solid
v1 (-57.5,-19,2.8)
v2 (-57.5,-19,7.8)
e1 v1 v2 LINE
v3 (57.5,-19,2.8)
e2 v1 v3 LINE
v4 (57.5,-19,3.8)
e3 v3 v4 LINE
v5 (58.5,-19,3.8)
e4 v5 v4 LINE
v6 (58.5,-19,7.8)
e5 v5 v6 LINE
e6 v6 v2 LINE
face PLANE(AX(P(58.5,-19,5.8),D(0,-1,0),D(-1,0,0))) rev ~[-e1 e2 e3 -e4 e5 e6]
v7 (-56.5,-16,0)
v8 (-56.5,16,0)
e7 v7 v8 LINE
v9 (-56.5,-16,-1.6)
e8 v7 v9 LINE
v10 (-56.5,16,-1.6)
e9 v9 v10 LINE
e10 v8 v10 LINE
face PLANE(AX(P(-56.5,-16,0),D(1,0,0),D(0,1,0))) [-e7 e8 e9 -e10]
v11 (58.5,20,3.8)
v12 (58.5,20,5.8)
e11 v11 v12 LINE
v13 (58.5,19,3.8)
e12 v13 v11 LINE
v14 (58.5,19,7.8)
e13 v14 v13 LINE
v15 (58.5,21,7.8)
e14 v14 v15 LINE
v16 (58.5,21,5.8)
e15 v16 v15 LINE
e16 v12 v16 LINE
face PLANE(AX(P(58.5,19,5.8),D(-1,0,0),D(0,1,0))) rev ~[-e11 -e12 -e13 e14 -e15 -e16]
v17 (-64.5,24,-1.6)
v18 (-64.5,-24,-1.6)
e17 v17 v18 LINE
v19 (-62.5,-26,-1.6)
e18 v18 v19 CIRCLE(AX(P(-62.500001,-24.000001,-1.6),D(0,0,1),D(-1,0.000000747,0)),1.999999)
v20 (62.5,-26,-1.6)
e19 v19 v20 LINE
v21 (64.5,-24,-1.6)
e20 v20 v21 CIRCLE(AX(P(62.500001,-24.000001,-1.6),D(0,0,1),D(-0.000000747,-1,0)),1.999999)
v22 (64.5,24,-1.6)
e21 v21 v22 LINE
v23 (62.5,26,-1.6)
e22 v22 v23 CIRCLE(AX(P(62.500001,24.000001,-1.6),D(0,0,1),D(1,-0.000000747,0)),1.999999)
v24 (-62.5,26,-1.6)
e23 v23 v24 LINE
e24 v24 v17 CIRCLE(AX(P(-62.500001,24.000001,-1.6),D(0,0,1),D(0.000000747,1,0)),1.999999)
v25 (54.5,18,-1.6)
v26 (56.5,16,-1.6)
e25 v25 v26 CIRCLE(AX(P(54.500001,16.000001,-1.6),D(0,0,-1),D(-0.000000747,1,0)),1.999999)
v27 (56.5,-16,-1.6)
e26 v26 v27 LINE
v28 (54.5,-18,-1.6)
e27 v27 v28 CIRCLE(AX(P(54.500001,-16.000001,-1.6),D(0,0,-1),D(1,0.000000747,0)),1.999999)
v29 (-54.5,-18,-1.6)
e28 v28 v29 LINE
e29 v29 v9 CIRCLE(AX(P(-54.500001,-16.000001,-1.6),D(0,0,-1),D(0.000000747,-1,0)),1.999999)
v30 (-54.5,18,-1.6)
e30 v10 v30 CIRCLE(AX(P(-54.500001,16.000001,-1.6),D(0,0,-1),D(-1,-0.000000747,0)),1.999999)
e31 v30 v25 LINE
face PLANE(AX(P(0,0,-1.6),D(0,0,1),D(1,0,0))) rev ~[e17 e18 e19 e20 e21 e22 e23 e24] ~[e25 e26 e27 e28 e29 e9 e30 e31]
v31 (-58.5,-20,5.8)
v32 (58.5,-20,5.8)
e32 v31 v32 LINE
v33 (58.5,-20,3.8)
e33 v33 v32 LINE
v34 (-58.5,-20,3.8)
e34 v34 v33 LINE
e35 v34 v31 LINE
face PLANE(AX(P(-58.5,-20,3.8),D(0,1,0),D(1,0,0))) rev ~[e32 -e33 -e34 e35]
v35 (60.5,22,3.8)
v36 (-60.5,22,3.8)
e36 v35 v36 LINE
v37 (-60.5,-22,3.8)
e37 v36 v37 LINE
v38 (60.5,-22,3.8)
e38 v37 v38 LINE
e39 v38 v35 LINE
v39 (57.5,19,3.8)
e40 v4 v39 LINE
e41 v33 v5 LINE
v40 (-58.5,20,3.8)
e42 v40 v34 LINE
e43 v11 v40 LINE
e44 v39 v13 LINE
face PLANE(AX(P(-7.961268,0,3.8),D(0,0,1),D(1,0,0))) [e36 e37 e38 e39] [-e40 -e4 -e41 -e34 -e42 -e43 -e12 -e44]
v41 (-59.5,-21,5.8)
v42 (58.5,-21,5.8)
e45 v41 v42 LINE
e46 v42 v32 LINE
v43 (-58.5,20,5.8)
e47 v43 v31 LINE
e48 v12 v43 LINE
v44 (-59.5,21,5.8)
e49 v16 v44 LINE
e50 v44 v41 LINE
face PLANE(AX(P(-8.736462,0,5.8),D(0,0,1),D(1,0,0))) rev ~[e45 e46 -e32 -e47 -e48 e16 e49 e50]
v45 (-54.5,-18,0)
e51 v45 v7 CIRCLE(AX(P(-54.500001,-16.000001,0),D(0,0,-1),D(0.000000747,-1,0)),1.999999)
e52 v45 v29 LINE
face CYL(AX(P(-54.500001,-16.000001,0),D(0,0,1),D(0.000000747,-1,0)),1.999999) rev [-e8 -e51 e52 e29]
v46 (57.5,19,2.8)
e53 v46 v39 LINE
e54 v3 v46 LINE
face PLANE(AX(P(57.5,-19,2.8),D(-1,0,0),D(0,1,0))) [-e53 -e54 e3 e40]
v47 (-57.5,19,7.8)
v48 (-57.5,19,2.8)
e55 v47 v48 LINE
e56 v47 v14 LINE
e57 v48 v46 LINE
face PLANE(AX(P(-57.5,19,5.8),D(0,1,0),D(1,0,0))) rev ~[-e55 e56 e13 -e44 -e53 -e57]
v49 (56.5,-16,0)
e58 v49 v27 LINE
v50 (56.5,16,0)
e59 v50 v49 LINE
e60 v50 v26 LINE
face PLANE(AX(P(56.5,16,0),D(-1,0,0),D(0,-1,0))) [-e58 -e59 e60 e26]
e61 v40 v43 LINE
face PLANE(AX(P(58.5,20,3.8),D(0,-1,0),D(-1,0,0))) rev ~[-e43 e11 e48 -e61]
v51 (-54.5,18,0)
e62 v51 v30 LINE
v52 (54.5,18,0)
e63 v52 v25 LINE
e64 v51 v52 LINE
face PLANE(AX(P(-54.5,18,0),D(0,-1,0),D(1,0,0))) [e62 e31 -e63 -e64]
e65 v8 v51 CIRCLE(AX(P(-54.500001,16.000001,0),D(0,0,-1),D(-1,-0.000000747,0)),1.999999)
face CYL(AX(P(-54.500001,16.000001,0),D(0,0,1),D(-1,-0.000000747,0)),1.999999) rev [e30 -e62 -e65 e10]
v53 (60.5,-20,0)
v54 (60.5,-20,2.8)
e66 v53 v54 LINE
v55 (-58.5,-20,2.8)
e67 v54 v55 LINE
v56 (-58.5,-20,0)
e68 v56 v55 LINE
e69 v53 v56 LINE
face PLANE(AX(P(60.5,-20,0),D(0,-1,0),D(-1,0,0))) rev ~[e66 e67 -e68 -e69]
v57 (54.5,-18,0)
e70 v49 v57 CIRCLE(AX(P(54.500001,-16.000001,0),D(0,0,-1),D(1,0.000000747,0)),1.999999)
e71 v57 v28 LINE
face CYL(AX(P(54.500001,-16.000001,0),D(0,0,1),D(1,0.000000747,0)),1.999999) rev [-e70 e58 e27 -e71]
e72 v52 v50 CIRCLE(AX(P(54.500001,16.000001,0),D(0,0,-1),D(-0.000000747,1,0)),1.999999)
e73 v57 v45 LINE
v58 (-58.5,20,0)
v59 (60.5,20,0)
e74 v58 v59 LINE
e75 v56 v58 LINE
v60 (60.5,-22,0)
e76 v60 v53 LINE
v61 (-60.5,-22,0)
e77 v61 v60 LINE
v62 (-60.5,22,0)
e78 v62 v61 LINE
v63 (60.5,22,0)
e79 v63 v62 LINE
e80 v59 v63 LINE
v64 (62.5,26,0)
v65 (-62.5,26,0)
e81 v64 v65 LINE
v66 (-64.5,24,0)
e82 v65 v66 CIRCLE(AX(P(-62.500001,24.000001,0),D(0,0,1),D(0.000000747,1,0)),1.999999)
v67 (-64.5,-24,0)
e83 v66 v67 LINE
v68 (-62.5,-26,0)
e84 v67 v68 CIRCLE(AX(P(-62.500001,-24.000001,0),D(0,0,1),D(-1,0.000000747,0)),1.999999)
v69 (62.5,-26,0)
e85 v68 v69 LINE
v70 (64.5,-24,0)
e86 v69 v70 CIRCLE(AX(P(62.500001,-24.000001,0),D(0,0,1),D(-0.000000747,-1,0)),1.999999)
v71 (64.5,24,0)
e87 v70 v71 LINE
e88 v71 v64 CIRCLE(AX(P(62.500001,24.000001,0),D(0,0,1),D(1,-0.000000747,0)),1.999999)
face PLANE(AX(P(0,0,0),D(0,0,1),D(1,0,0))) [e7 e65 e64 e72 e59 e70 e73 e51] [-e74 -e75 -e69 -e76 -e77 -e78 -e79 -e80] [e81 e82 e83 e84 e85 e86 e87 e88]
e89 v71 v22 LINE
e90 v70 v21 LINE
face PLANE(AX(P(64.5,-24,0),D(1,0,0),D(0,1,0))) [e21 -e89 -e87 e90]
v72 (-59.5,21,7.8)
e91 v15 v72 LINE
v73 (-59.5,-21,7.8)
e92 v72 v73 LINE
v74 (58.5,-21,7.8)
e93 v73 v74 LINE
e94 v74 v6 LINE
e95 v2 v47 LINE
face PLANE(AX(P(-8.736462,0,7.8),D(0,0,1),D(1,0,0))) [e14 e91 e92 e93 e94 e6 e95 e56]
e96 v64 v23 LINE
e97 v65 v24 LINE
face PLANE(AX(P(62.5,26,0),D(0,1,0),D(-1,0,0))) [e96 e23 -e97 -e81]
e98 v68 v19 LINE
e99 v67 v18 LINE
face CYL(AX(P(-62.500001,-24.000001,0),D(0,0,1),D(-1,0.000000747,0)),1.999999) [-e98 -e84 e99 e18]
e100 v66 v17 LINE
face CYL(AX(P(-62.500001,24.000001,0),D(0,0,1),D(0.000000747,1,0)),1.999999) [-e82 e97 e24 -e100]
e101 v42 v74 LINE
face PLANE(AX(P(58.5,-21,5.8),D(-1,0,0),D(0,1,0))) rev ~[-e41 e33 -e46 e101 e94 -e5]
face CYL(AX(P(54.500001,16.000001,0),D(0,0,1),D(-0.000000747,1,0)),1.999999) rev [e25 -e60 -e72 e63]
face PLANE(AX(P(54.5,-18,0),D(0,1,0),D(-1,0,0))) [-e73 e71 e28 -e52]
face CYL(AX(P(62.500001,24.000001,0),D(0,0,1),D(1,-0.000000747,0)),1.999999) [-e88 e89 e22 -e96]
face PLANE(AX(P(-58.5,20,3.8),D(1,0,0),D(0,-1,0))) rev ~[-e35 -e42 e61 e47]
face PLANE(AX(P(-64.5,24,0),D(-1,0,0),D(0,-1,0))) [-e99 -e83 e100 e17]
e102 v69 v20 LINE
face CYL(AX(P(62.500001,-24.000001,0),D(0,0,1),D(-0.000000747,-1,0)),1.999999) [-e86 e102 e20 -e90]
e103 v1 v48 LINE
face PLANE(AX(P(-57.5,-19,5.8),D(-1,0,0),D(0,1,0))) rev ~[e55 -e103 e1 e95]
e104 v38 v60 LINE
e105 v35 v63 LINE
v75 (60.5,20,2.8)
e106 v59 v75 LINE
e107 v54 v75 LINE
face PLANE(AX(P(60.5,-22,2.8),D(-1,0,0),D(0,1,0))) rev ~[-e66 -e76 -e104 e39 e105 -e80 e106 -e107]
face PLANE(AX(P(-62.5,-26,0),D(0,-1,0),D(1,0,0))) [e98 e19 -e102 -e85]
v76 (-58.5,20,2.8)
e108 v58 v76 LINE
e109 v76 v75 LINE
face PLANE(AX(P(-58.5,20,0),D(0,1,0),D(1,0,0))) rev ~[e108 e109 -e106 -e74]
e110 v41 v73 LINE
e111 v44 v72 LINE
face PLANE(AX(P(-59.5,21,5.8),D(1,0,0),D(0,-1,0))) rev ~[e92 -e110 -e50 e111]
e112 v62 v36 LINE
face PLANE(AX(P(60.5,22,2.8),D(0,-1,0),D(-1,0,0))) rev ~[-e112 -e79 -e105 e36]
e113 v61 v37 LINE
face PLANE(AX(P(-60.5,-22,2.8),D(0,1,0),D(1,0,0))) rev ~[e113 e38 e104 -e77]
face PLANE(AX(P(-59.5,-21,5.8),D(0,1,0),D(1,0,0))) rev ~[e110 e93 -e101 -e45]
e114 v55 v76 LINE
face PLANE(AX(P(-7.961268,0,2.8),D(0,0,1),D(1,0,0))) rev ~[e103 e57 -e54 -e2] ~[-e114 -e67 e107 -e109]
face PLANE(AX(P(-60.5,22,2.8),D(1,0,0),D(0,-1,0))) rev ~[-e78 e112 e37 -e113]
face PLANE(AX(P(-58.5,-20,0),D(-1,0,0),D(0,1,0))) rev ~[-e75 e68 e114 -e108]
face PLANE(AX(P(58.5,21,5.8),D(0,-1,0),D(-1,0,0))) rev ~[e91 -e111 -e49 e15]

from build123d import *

# Parameters (mm, degrees)
F0_W     = 117
F0_H     = 40
F0_W_2   = 2
F1_DEPTH = 1.6
F2_DEPTH = 2.8
F3_W     = 119
F3_H     = 40
F3_W_2   = 115
F3_H_2   = 38
F4_DEPTH = 1
F6_DEPTH = 2
F8_DEPTH = 2


with BuildPart() as f1:
    # F0 (on Top) → F1 (new body)
    with BuildSketch(Plane.XY):
        with BuildLine():
            Line((62.5, 26), (-62.5, 26))
            ThreePointArc((-62.5, 26), (-63.914214, 25.414214), (-64.5, 24))
            Line((-64.5, 24), (-64.5, -24))
            ThreePointArc((-64.5, -24), (-63.914214, -25.414214), (-62.5, -26))
            Line((-62.5, -26), (62.5, -26))
            ThreePointArc((62.5, -26), (63.914214, -25.414214), (64.5, -24))
            Line((64.5, -24), (64.5, 24))
            ThreePointArc((64.5, 24), (63.914214, 25.414214), (62.5, 26))
        make_face()
        Polygon((60.5, 22), (60.5, 20), (60.5, -20), (60.5, -22), (-60.5, -22), (-60.5, 22), align=None, mode=Mode.SUBTRACT)
        Polygon((-58.5, -20), (-58.5, 20), (58.5, 20), (60.5, 20), (60.5, 22), (-60.5, 22), (-60.5, -22), (60.5, -22), (60.5, -20), (58.5, -20), align=None)
        Rectangle(F0_W, F0_H)
        with BuildLine():
            ThreePointArc((-56.5, 16), (-55.914214, 17.414214), (-54.5, 18))
            Line((-54.5, 18), (54.5, 18))
            ThreePointArc((54.5, 18), (55.914214, 17.414214), (56.5, 16))
            Line((56.5, 16), (56.5, -16))
            ThreePointArc((56.5, -16), (55.914214, -17.414214), (54.5, -18))
            Line((54.5, -18), (-54.5, -18))
            ThreePointArc((-54.5, -18), (-55.914214, -17.414214), (-56.5, -16))
            Line((-56.5, -16), (-56.5, 16))
        make_face(mode=Mode.SUBTRACT)
        with Locations((59.5, 0)):
            Rectangle(F0_W_2, F0_H)
    extrude(amount=-F1_DEPTH)

    # F0 (on Top) → F2 (join)
    with BuildSketch(Plane.XY):
        Polygon((-58.5, -20), (-58.5, 20), (58.5, 20), (60.5, 20), (60.5, 22), (-60.5, 22), (-60.5, -22), (60.5, -22), (60.5, -20), (58.5, -20), align=None)
    extrude(amount=F2_DEPTH)

    # F3 (on face) → F4 (join)
    with BuildSketch(Plane.XY.offset(2.8)):
        Polygon((60.5, 22), (-60.5, 22), (-60.5, -22), (60.5, -22), (60.5, -20), (-58.5, -20), (-58.5, 20), (60.5, 20), align=None)
        with Locations((1, 0)):
            Rectangle(F3_W, F3_H)
        Rectangle(F3_W_2, F3_H_2, mode=Mode.SUBTRACT)
    extrude(amount=F4_DEPTH)

    # F5 (on face) → F6 (join)
    with BuildSketch(Plane.XY.offset(3.8)):
        Polygon((-57.5, -19), (-57.5, 19), (57.5, 19), (58.5, 19), (58.5, 20), (-58.5, 20), (-58.5, -20), (58.5, -20), (58.5, -19), (57.5, -19), align=None)
    extrude(amount=F6_DEPTH)

    # F7 (on face) → F8 (join)
    with BuildSketch(Plane.XY.offset(5.8)):
        Polygon((-58.5, 20), (58.5, 20), (58.5, 21), (-59.5, 21), (-59.5, -21), (58.5, -21), (58.5, -20), (-58.5, -20), align=None)
        Polygon((-57.5, -19), (-57.5, 19), (57.5, 19), (58.5, 19), (58.5, 20), (-58.5, 20), (-58.5, -20), (58.5, -20), (58.5, -19), (57.5, -19), align=None)
    extrude(amount=F8_DEPTH)


solid = f1.part
